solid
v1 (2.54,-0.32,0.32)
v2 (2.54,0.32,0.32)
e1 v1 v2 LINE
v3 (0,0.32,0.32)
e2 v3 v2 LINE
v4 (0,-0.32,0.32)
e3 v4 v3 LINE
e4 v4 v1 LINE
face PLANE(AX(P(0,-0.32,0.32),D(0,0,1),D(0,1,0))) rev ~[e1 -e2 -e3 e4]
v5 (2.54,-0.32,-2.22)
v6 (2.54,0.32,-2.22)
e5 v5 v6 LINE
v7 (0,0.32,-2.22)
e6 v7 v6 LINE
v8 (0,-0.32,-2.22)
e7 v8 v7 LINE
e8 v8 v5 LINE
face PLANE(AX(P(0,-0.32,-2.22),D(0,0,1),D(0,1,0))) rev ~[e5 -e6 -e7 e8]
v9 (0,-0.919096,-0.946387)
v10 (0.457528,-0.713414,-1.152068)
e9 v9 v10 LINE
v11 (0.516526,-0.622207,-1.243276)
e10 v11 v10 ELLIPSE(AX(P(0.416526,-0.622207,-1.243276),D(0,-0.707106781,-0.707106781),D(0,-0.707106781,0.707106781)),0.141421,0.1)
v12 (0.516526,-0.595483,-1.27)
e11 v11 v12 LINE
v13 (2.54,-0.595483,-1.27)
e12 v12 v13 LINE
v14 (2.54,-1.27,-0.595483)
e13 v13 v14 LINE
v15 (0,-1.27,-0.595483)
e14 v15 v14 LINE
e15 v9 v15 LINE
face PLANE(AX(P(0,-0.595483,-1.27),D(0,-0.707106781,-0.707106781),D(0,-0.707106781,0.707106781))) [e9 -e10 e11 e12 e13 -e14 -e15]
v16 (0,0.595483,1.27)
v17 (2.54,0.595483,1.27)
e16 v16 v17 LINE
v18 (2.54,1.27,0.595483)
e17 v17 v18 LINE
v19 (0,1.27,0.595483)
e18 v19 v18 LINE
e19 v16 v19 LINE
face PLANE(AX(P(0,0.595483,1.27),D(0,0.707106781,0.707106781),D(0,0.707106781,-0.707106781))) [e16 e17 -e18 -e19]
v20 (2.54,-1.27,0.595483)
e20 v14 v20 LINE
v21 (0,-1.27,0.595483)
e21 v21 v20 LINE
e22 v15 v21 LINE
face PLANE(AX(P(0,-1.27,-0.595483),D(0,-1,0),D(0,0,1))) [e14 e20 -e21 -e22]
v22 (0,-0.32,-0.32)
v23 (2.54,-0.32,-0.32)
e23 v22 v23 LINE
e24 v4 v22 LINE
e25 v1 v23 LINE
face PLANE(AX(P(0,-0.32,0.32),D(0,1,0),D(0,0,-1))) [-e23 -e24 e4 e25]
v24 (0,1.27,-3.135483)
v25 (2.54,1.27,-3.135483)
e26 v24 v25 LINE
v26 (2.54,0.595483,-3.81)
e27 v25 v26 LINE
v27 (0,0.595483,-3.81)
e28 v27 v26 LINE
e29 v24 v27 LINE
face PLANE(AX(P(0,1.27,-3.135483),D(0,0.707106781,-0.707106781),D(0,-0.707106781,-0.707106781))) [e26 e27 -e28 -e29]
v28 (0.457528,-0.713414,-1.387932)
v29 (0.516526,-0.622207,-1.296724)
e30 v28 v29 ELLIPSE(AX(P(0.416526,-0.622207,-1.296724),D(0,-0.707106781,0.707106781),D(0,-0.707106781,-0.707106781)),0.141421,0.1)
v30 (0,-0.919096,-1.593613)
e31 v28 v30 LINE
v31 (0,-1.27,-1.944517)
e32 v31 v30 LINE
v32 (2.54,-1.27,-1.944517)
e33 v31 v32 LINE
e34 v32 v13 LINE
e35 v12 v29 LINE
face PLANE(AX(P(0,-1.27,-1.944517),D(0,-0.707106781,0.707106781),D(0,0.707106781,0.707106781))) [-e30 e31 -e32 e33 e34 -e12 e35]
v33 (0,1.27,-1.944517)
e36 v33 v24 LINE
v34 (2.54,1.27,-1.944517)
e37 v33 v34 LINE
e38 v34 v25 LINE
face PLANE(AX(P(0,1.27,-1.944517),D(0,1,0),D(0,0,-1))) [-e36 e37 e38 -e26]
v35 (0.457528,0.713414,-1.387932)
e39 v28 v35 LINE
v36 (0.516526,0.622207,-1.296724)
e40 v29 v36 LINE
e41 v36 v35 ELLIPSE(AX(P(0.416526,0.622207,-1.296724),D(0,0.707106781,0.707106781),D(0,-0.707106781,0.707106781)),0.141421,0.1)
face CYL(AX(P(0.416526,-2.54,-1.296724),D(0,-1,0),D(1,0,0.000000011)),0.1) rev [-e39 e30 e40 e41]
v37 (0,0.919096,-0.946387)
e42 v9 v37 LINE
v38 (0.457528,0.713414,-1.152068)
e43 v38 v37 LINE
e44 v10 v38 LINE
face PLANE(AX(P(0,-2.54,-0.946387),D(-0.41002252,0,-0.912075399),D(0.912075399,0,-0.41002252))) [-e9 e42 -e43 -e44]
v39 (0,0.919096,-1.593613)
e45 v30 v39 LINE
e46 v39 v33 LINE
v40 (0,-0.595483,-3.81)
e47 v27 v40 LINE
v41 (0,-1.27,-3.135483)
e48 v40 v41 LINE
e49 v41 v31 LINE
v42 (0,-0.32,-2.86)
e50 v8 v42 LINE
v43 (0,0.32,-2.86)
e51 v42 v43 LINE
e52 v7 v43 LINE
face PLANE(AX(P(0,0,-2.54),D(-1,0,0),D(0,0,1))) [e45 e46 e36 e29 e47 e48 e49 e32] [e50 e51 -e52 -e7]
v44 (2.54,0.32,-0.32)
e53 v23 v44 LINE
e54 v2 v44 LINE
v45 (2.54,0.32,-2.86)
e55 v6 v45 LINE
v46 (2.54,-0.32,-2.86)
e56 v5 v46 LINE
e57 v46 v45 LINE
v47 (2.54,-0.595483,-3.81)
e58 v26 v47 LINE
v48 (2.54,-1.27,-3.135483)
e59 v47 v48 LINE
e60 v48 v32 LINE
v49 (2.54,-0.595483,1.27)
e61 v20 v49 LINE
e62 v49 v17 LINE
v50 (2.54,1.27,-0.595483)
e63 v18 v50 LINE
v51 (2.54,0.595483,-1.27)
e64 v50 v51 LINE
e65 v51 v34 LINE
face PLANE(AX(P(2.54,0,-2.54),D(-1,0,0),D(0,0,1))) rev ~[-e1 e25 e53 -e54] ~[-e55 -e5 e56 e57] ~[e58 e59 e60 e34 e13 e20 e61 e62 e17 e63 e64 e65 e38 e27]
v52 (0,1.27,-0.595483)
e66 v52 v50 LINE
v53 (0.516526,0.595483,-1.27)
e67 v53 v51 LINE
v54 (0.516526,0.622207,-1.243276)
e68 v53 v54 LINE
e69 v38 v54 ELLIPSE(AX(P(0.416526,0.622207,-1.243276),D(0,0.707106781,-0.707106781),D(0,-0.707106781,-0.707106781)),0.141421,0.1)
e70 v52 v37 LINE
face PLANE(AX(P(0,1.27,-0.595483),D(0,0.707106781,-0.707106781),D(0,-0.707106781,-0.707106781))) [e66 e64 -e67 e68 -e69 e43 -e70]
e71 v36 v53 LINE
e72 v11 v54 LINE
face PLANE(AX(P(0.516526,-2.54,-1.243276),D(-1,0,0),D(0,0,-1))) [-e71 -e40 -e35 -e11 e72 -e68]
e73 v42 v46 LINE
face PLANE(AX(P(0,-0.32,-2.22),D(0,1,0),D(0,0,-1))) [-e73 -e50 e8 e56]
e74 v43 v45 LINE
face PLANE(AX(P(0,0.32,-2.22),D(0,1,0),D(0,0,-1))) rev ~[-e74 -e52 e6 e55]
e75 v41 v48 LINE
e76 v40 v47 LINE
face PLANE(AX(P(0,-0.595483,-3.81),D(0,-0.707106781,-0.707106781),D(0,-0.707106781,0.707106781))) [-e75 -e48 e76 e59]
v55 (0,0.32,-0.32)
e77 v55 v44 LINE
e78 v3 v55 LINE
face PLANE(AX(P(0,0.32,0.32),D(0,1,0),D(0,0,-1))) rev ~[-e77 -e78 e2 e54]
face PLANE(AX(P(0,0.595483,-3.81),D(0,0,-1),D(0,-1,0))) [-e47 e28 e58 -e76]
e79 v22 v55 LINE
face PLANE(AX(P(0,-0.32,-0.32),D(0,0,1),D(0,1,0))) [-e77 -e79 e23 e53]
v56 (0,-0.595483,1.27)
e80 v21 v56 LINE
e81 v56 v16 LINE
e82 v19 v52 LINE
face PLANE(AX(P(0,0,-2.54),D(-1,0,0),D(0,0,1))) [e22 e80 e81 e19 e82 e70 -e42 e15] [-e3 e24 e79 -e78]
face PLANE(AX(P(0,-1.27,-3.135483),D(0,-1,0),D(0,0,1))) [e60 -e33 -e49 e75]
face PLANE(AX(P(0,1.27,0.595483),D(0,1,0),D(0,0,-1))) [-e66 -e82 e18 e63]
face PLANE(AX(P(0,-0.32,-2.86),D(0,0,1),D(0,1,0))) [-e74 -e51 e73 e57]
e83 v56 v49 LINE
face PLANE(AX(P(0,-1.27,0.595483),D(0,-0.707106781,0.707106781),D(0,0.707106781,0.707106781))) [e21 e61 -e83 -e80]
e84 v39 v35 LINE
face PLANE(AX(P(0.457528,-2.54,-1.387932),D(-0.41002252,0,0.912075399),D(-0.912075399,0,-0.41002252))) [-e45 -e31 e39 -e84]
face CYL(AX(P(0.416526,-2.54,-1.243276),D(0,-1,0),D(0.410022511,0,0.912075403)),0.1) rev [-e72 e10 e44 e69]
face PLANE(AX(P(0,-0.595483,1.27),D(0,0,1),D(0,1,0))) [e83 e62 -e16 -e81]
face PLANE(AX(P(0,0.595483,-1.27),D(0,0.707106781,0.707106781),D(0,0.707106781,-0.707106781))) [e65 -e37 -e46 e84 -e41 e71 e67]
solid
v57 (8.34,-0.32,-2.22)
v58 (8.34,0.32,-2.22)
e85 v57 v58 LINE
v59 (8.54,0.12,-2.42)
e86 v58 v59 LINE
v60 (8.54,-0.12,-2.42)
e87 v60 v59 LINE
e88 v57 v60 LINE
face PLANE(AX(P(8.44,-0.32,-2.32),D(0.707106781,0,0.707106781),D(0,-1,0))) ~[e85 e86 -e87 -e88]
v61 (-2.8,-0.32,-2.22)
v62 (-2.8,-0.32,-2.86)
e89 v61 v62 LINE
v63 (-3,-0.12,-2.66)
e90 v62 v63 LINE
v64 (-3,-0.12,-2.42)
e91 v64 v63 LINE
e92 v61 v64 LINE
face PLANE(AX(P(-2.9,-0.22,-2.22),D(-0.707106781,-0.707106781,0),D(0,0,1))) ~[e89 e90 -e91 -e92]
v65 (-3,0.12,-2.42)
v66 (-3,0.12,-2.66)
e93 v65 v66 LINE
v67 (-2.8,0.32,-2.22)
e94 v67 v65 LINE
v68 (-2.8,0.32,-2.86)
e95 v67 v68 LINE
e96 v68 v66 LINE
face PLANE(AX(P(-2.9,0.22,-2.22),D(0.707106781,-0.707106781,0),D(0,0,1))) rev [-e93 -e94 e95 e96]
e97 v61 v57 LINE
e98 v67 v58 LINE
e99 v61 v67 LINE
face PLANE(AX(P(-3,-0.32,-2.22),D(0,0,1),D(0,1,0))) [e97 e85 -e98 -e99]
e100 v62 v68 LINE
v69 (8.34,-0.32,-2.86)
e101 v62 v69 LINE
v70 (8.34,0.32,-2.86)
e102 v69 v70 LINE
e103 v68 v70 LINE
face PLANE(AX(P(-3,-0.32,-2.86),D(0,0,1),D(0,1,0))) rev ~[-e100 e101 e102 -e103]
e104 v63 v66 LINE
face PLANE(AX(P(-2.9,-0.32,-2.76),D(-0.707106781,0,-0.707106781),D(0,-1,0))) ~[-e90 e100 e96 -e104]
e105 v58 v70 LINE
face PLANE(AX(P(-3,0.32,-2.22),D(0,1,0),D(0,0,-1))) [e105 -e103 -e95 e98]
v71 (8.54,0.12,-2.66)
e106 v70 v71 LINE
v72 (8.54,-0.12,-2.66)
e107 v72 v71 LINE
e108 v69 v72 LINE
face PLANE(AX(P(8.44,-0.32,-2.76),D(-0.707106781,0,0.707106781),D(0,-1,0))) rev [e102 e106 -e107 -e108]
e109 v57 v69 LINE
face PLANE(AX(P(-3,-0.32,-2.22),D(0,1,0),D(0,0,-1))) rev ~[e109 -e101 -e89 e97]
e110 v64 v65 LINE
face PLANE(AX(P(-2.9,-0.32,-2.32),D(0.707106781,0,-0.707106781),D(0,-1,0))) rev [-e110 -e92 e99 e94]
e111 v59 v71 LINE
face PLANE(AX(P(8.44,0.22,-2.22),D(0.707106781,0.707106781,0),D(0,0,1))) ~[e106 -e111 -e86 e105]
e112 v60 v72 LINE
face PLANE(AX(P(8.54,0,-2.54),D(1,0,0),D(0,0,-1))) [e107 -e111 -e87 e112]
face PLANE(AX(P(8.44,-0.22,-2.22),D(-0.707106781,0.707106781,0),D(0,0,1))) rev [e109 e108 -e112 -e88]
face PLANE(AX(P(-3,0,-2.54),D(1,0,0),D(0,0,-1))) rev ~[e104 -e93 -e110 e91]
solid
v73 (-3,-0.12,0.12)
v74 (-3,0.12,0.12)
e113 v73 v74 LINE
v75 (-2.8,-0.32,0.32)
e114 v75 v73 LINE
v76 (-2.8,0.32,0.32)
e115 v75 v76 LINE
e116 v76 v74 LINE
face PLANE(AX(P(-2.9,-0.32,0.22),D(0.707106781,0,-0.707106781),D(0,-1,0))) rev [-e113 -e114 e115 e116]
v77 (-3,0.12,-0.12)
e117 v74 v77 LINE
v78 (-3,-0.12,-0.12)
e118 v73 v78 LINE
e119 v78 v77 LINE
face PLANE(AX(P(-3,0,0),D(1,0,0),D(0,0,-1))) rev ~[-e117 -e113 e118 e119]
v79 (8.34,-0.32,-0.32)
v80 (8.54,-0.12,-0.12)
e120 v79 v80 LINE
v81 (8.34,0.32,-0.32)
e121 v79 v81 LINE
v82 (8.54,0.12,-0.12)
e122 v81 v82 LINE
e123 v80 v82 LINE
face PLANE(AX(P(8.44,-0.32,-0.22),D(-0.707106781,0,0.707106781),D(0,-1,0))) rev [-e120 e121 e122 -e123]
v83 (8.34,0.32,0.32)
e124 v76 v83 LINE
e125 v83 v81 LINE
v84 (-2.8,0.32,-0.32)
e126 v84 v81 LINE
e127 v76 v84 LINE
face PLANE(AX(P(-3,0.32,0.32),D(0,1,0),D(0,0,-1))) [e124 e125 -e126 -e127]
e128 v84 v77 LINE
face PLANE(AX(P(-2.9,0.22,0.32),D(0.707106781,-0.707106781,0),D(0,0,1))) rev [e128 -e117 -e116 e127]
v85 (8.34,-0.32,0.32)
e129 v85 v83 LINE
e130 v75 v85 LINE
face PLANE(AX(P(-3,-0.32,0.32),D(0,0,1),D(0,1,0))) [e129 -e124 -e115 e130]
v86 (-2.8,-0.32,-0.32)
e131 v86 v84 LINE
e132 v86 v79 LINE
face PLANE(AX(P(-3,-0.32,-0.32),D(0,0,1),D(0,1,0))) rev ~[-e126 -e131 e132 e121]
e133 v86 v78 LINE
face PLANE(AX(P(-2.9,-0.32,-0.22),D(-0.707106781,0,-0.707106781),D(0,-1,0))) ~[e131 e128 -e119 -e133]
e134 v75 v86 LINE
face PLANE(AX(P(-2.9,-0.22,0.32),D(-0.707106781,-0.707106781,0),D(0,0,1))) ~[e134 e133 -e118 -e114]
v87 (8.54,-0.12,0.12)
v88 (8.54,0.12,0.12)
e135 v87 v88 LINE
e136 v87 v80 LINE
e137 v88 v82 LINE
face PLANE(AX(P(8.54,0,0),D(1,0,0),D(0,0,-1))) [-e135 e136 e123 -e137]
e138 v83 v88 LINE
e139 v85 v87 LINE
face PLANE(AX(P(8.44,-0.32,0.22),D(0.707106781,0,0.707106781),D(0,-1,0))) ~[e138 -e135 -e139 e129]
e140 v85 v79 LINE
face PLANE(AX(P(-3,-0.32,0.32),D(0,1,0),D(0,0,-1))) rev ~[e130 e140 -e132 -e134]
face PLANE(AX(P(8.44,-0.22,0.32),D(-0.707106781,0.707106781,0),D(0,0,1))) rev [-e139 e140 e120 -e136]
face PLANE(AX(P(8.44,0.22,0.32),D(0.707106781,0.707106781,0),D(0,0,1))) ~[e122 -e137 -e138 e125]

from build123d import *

# Parameters (mm, degrees)
CROQUIS1_W                     = 0.64
CROQUIS1_H                     = 0.64
SALIENTE_EXTRUIR1_DEPTH        = 2.54
CORTAR_EXTRUIR1_DEPTH          = 2.54
CORTAR_EXTRUIR1_DEPTH_BACK     = 2.54
SALIENTE_EXTRUIR2_DEPTH        = 8.54
SALIENTE_EXTRUIR2_DEPTH_BACK   = 3
CROQUIS3_W                     = 0.64
CROQUIS3_H                     = 0.64
SALIENTE_EXTRUIR2_2_DEPTH      = 8.54
SALIENTE_EXTRUIR2_2_DEPTH_BACK = 3
CHAFL_N1_SIZE                  = 0.2
CHAFL_N2_SIZE                  = 0.2


with BuildPart() as part:
    # Croquis1 → Saliente-Extruir1 (new body)
    with BuildSketch(Plane(origin=(0, 0, 0), x_dir=(0, 0, -1), z_dir=(1, 0, 0))):
        Polygon((0.595482683, 1.27), (-0.595482683, 1.27), (-1.27, 0.595482683), (-1.27, -0.595482683), (-0.595482683, -1.27), (0.595482683, -1.27), (1.27, -0.595482683), (1.944517317, -1.27), (3.135482683, -1.27), (3.81, -0.595482683), (3.81, 0.595482683), (3.135482683, 1.27), (1.944517317, 1.27), (1.27, 0.595482683), align=None)
        Rectangle(CROQUIS1_W, CROQUIS1_H, mode=Mode.SUBTRACT)
        with Locations((2.54, 0)):
            Rectangle(CROQUIS1_W, CROQUIS1_H, mode=Mode.SUBTRACT)
    extrude(amount=SALIENTE_EXTRUIR1_DEPTH)

    # Croquis2 → Cortar-Extruir1 (cut, two sides: drawn at the far end of the back side and taken through both)
    with BuildSketch(Plane(origin=(0, 0, 0), x_dir=(1, 0, 0), z_dir=(0, 1, 0)).offset(-CORTAR_EXTRUIR1_DEPTH_BACK)):
        with BuildLine():
            Line((0.516526244, 1.243275937), (0.516526244, 1.296724063))
            ThreePointArc((0.516526244, 1.296724063), (0.500491193, 1.351036929), (0.457528496, 1.387931603))
            Line((0.457528496, 1.387931603), (0, 1.593613049))
            Line((0, 1.593613049), (0, 0.946386951))
            Line((0, 0.946386951), (0.457528496, 1.152068397))
            ThreePointArc((0.457528496, 1.152068397), (0.500491193, 1.188963071), (0.516526244, 1.243275937))
        make_face()
    extrude(amount=CORTAR_EXTRUIR1_DEPTH + CORTAR_EXTRUIR1_DEPTH_BACK, mode=Mode.SUBTRACT)


with BuildPart() as body_2:
    # Croquis3 → Saliente-Extruir2 (new, two sides: drawn at the far end of the back side and taken through both)
    with BuildSketch(Plane(origin=(0, 0, 0), x_dir=(0, 0, -1), z_dir=(1, 0, 0)).offset(-SALIENTE_EXTRUIR2_DEPTH_BACK)):
        Rectangle(CROQUIS3_W, CROQUIS3_H)
    extrude(amount=SALIENTE_EXTRUIR2_DEPTH + SALIENTE_EXTRUIR2_DEPTH_BACK)

    # Chaflán1
    chafl_n1_edges = [body_2.edges().sort_by_distance(p)[0] for p in [
        (-3, -0.32, 0),
        (-3, 0, -0.32),
        (-3, 0.32, 0),
        (-3, 0, 0.32),
        (8.54, 0.32, 0),
        (8.54, 0, -0.32),
        (8.54, -0.32, 0),
        (8.54, 0, 0.32),
    ]]
    chamfer(chafl_n1_edges, length=CHAFL_N1_SIZE)


with BuildPart() as body_3:
    # Croquis3 → Saliente-Extruir2 2 (new, two sides: drawn at the far end of the back side and taken through both)
    with BuildSketch(Plane(origin=(0, 0, 0), x_dir=(0, 0, -1), z_dir=(1, 0, 0)).offset(-SALIENTE_EXTRUIR2_2_DEPTH_BACK)):
        with Locations((2.54, 0)):
            Rectangle(CROQUIS3_W, CROQUIS3_H)
    extrude(amount=SALIENTE_EXTRUIR2_2_DEPTH + SALIENTE_EXTRUIR2_2_DEPTH_BACK)

    # Chaflán2
    chafl_n2_edges = [body_3.edges().sort_by_distance(p)[0] for p in [
        (8.54, 0.32, -2.54),
        (8.54, 0, -2.86),
        (8.54, -0.32, -2.54),
        (8.54, 0, -2.22),
        (-3, -0.32, -2.54),
        (-3, 0, -2.86),
        (-3, 0.32, -2.54),
        (-3, 0, -2.22),
    ]]
    chamfer(chafl_n2_edges, length=CHAFL_N2_SIZE)


solid = Compound([part.part, body_2.part, body_3.part])
